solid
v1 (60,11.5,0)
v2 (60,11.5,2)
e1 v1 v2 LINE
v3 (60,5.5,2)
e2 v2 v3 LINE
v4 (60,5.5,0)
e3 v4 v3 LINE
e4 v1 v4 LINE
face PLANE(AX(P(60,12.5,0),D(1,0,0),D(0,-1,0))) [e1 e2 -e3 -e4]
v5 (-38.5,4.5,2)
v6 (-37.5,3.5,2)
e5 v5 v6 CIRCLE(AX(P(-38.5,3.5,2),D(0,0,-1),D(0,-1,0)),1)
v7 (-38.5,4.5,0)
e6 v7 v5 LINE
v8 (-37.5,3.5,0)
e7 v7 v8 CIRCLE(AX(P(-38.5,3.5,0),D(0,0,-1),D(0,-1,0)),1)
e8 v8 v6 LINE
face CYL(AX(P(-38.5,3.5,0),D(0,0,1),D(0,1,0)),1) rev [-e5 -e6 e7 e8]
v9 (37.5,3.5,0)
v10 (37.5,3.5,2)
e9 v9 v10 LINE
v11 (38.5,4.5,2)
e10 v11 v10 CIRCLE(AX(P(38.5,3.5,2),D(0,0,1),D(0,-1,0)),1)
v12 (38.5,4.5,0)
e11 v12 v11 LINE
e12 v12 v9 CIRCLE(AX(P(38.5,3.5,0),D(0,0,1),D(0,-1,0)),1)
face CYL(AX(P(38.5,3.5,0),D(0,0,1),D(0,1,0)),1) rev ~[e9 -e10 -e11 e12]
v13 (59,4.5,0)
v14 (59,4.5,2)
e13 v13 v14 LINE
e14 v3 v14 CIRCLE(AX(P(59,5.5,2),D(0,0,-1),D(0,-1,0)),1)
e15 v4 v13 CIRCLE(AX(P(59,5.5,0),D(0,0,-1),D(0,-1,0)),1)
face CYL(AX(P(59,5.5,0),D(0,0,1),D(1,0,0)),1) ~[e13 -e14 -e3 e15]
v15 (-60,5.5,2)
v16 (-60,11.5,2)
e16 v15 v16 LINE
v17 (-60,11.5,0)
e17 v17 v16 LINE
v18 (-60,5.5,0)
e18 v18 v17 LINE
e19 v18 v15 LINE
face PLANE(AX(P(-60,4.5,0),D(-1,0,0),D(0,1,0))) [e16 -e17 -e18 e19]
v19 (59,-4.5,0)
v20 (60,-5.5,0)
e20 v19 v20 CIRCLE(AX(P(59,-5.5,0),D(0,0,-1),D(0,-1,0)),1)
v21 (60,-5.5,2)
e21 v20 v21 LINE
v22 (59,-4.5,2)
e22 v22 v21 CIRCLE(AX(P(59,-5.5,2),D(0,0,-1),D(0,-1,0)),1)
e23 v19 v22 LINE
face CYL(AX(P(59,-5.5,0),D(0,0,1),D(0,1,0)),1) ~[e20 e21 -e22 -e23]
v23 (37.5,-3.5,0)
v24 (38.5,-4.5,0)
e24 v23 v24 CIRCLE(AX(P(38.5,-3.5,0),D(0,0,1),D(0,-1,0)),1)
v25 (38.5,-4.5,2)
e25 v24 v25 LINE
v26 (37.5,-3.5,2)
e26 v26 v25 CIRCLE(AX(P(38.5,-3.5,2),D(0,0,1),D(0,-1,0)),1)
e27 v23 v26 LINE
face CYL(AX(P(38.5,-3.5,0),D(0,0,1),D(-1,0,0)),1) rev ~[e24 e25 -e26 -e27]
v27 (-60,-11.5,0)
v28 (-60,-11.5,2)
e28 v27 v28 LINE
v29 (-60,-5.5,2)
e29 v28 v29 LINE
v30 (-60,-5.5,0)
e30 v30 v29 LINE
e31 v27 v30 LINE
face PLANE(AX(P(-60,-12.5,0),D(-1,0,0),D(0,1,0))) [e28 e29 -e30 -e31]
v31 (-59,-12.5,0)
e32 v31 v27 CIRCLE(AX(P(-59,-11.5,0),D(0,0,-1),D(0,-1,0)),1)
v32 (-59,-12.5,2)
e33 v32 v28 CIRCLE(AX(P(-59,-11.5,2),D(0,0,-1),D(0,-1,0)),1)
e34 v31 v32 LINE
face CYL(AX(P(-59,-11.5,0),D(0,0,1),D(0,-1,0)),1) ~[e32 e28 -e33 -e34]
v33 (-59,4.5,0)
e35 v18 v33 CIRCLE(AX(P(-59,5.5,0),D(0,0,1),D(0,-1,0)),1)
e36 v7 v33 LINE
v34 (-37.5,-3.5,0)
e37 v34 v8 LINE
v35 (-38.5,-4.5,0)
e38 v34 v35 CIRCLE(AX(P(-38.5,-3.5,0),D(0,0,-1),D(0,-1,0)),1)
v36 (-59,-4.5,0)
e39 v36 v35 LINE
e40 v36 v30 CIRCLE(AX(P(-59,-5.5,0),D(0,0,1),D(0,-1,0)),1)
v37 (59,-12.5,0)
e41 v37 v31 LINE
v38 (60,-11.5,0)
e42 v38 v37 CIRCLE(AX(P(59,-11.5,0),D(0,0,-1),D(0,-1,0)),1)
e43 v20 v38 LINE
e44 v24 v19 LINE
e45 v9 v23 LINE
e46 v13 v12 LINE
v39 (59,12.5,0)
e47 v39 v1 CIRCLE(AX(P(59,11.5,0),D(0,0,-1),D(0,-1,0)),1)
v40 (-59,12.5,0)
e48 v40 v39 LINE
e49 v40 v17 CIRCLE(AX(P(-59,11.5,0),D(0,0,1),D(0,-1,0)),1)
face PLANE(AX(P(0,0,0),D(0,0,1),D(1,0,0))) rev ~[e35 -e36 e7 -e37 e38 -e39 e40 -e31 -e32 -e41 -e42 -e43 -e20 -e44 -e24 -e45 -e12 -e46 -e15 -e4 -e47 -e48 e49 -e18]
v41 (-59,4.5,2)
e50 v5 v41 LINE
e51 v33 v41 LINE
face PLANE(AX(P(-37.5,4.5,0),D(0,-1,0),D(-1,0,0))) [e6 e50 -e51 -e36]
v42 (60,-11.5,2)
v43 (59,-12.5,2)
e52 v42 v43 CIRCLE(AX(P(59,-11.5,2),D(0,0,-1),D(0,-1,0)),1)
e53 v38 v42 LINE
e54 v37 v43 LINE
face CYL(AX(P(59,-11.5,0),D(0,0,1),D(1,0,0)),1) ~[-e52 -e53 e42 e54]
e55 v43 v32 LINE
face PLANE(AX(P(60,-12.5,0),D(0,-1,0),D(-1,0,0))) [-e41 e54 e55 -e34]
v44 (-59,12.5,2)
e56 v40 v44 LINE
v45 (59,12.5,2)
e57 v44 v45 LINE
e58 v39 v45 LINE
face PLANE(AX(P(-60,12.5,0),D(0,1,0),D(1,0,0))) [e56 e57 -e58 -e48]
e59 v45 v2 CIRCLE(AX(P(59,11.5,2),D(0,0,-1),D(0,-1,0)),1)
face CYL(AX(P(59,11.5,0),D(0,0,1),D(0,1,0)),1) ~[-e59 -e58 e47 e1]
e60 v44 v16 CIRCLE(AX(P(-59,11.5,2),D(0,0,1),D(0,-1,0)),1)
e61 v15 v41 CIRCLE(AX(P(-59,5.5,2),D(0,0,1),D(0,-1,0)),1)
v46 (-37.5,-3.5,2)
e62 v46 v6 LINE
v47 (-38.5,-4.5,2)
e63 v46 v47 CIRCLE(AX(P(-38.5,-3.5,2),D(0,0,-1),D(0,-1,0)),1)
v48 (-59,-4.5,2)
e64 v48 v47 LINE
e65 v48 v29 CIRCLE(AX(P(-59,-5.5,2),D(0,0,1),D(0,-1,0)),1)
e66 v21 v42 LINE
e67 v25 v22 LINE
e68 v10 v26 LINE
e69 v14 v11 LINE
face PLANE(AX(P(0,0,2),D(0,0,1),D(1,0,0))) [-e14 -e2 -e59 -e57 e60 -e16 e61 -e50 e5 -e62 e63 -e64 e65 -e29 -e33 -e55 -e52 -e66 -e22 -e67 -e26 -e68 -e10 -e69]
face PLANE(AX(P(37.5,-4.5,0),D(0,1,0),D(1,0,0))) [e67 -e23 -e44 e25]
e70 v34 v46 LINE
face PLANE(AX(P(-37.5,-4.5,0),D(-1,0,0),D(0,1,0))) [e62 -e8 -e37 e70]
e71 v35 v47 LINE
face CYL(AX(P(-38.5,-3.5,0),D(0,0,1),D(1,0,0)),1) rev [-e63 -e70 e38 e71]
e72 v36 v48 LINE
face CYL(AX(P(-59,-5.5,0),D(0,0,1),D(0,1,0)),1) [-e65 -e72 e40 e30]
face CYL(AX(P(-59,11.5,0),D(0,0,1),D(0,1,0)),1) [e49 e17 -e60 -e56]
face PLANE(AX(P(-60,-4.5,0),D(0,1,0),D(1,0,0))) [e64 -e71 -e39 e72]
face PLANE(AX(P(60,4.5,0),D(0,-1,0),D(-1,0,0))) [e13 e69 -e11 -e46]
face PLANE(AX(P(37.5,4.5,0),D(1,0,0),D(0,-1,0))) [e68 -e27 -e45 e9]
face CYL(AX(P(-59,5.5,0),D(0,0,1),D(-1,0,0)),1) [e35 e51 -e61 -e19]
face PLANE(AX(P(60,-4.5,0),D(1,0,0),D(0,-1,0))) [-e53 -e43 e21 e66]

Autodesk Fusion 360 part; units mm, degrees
sketch "Sketch1" plane through (0, 0, 0) normal (0, 0, 1) x (1, 0, 0)
  line L0 (-60, 12.5) -> (60, 12.5)
  line L1 (60, 12.5) -> (60, 4.5)
  line L2 (60, 4.5) -> (-60, 4.5)
  line L3 (-60, 4.5) -> (-60, 12.5)
  line L4 (-60, -4.5) -> (60, -4.5)
  line L5 (60, -4.5) -> (60, -12.5)
  line L6 (60, -12.5) -> (-60, -12.5)
  line L7 (-60, -12.5) -> (-60, -4.5)
  line L8 (-37.5, 4.5) -> (37.5, 4.5)
  line L9 (37.5, 4.5) -> (37.5, -4.5)
  line L10 (37.5, -4.5) -> (-37.5, -4.5)
  line L11 (-37.5, -4.5) -> (-37.5, 4.5)
  dimension "d24" = 120
  dimension "d25" = 8
  dimension "d26" = 8
  dimension "d27" = 25
  dimension "d28" = 75
  dimension "d34" = 60
  dimension "d35" = 12.5
  dimension "d38" = 37.5
extrude "Extrude1" add sketch "Sketch1" along normal blind 2
fillet "Fillet1" radius 1 12 edges at (-60, 12.5, 1) (-60, 4.5, 1) (-60, -4.5, 1) (-60, -12.5, 1) (-37.5, 4.5, 1) (-37.5, -4.5, 1) (60, -12.5, 1) (60, -4.5, 1) (37.5, 4.5, 1) (37.5, -4.5, 1) (60, 4.5, 1) (60, 12.5, 1)
equation "d26 = d25"
equation "d34 = d24 / 2"
equation "d35 = d27 / 2"
equation "d38 = d28 / 2"
